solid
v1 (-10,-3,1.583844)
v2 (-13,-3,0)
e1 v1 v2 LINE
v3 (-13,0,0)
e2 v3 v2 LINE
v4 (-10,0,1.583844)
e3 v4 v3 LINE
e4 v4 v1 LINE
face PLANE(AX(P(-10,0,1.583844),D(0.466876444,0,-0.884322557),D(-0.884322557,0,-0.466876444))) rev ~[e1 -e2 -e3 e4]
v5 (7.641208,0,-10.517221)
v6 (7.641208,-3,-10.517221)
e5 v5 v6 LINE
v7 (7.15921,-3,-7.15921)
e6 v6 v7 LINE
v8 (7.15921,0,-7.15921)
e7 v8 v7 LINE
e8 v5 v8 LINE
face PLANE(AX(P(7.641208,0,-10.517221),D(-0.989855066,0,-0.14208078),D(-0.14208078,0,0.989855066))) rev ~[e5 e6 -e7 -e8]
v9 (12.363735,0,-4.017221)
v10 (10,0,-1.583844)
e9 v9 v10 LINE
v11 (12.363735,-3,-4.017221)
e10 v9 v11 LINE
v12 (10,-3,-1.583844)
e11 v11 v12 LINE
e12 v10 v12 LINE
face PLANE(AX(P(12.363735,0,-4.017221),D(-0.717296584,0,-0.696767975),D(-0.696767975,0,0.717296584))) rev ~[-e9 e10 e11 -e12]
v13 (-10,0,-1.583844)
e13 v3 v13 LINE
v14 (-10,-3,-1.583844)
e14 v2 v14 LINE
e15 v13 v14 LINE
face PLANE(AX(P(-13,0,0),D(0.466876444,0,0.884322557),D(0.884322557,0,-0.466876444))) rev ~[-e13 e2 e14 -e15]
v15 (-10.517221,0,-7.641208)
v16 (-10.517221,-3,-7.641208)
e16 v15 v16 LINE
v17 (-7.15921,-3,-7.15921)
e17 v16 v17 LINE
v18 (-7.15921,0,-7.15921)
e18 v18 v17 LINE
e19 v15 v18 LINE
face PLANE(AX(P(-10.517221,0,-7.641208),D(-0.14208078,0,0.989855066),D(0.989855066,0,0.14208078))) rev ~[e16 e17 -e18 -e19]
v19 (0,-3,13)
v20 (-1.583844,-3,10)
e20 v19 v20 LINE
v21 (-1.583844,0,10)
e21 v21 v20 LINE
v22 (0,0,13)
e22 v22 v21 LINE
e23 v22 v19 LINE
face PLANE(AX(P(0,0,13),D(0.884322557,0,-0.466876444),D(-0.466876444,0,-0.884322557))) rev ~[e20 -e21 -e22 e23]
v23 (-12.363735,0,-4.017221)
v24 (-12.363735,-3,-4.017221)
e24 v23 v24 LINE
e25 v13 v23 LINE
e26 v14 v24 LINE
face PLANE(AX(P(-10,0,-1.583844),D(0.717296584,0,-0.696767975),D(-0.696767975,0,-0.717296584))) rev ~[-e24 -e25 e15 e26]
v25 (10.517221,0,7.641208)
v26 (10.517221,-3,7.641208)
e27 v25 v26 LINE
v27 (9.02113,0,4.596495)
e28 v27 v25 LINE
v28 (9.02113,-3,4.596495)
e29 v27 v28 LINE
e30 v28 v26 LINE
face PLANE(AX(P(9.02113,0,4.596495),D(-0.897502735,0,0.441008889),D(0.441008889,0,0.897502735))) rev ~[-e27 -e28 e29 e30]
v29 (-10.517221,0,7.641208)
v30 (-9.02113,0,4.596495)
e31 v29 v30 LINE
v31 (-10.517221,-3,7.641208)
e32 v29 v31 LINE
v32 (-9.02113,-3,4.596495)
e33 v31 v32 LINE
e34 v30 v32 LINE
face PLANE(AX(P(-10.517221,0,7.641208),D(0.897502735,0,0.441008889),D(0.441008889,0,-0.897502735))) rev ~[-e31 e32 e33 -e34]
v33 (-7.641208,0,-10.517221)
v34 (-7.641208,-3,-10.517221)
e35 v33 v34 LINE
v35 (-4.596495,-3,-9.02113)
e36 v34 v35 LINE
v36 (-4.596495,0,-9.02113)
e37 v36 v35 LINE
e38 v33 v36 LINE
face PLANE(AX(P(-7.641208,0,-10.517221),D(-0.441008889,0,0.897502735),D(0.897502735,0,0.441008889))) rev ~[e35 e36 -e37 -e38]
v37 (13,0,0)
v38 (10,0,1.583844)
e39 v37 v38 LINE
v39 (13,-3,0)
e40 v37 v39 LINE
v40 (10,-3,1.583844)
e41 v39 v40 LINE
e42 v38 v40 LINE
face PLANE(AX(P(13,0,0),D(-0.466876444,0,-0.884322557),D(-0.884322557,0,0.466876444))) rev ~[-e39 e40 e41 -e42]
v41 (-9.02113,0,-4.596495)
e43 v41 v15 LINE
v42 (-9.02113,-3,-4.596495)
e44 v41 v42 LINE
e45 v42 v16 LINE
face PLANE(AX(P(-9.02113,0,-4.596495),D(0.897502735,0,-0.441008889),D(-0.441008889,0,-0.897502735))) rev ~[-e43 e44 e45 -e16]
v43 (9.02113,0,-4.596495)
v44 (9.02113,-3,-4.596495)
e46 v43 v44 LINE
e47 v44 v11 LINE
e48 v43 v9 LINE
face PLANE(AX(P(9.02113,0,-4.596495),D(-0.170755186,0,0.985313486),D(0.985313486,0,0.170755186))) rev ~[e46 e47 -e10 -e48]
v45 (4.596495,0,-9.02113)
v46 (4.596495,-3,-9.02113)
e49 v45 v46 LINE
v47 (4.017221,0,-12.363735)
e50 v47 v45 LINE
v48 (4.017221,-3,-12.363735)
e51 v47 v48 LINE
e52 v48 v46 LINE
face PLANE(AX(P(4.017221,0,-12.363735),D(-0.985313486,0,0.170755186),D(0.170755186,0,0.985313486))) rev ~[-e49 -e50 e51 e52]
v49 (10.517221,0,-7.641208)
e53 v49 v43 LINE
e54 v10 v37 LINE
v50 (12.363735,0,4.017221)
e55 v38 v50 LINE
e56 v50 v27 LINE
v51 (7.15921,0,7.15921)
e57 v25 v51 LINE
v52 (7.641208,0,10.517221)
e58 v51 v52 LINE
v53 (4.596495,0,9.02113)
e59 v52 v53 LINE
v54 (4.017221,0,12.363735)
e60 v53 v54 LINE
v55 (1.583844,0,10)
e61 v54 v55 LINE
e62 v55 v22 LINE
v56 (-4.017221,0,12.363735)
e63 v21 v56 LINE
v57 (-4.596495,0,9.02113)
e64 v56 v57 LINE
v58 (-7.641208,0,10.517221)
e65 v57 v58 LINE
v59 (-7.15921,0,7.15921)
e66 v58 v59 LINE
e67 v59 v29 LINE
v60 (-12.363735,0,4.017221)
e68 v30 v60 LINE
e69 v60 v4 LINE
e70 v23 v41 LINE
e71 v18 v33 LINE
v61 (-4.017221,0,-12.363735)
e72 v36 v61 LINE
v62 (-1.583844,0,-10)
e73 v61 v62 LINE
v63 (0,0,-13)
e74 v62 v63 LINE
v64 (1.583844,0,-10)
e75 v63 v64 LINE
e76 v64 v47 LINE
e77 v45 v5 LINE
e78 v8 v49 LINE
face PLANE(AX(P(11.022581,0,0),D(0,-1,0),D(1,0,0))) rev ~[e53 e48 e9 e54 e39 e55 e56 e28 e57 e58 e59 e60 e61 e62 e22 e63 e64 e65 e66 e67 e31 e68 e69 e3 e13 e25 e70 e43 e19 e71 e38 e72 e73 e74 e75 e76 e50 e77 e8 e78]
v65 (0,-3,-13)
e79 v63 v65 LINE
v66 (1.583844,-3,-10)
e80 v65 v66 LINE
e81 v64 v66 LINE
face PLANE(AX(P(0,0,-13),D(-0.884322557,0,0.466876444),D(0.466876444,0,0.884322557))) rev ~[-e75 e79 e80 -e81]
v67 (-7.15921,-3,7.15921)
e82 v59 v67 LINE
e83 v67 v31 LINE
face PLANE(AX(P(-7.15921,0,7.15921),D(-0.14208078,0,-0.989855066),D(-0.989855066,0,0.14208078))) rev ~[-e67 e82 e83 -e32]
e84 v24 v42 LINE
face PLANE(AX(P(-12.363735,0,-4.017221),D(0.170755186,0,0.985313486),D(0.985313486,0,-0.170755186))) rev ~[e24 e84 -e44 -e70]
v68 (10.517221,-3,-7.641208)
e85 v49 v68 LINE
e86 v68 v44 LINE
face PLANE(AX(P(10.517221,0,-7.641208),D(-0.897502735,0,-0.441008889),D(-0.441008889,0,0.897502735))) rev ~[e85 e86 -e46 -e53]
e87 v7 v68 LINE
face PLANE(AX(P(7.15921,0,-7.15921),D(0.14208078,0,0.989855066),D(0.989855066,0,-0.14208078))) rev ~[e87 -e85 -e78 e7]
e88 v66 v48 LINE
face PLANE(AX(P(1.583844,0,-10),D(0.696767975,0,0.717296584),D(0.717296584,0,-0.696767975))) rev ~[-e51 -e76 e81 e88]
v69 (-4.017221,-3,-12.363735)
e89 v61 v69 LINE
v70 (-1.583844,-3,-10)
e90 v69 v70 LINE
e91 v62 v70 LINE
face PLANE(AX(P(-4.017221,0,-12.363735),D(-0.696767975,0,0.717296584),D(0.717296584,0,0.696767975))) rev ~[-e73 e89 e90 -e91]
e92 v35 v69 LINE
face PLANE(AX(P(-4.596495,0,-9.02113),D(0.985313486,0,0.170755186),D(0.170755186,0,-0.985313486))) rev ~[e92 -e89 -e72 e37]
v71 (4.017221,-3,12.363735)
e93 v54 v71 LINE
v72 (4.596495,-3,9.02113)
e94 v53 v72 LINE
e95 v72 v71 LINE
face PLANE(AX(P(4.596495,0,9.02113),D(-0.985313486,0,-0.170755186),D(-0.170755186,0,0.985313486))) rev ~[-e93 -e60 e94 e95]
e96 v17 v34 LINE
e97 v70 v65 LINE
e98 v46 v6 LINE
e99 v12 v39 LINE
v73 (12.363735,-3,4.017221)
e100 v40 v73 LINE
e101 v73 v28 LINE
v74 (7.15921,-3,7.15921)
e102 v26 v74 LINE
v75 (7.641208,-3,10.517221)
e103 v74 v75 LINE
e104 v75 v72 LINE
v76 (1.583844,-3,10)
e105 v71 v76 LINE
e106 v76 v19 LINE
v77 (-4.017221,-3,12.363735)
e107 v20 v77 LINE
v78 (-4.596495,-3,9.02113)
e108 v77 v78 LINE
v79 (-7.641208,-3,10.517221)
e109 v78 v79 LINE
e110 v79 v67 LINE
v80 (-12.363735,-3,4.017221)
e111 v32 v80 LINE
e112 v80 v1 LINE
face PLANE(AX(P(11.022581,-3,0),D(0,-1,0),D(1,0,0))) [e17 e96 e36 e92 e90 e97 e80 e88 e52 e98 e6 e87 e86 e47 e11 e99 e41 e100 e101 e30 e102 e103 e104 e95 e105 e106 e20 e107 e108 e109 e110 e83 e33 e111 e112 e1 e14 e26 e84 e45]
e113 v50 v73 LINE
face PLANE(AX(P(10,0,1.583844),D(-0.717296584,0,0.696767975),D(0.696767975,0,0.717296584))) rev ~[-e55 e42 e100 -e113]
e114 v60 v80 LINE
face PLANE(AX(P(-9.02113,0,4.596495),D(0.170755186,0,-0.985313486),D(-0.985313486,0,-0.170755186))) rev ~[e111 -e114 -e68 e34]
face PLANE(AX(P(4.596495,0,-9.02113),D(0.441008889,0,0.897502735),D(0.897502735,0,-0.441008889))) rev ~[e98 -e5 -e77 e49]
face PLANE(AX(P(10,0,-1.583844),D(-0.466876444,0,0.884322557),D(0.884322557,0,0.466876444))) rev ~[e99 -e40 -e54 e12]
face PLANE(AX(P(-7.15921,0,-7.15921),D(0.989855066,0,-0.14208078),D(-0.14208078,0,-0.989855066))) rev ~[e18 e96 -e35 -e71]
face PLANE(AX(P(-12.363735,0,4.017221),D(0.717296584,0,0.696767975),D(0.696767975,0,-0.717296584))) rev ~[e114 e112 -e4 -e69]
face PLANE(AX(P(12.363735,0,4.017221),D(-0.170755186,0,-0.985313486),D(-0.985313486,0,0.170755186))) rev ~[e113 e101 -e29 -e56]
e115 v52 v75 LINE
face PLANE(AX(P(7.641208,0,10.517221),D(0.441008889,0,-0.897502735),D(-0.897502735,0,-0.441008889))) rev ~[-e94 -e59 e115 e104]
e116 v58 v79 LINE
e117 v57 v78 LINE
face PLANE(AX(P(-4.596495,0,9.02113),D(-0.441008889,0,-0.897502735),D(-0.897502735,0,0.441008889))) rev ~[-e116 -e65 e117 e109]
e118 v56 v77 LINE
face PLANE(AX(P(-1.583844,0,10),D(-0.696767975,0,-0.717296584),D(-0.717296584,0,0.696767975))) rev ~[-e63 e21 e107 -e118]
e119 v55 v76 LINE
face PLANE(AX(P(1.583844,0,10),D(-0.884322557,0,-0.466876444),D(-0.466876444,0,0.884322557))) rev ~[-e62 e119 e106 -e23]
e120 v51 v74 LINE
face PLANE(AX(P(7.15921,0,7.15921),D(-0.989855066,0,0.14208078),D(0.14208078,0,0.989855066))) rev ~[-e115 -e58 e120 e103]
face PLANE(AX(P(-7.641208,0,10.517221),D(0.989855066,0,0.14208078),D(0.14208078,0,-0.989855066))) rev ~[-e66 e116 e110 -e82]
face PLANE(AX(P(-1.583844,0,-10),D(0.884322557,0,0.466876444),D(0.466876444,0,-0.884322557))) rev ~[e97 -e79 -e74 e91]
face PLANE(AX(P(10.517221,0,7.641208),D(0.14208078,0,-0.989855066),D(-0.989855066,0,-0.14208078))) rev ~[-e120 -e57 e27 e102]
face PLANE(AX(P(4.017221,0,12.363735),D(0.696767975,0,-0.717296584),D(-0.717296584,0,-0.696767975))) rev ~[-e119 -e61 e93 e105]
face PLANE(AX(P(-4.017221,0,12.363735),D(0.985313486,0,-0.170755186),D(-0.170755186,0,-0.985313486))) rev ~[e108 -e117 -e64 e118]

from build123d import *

# Parameters (mm, degrees)
F1_DEPTH = 3


with BuildPart() as f1:
    # F0 (on Front) → F1 (new body)
    with BuildSketch(Plane.XZ):
        Polygon((13, 0), (10, 1.5838444032), (10, -1.5838444032), align=None)
        Polygon((10, -1.5838444032), (10, 1.5838444032), (9.0211303259, 4.5964954843), (7.1592095616, 7.1592095616), (4.5964954843, 9.0211303259), (1.5838444032, 10), (-1.5838444032, 10), (-4.5964954843, 9.0211303259), (-7.1592095616, 7.1592095616), (-9.0211303259, 4.5964954843), (-10, 1.5838444032), (-10, -1.5838444032), (-9.0211303259, -4.5964954843), (-7.1592095616, -7.1592095616), (-4.5964954843, -9.0211303259), (-1.5838444032, -10), (1.5838444032, -10), (4.5964954843, -9.0211303259), (7.1592095616, -7.1592095616), (9.0211303259, -4.5964954843), align=None)
        Polygon((9.0211303259, 4.5964954843), (10, 1.5838444032), (12.3637347118, 4.0172209269), align=None)
        Polygon((12.3637347118, -4.0172209269), (10, -1.5838444032), (9.0211303259, -4.5964954843), align=None)
        Polygon((7.1592095616, 7.1592095616), (9.0211303259, 4.5964954843), (10.5172209269, 7.6412082798), align=None)
        Polygon((10.5172209269, -7.6412082798), (9.0211303259, -4.5964954843), (7.1592095616, -7.1592095616), align=None)
        Polygon((4.5964954843, 9.0211303259), (7.1592095616, 7.1592095616), (7.6412082798, 10.5172209269), align=None)
        Polygon((7.6412082798, -10.5172209269), (7.1592095616, -7.1592095616), (4.5964954843, -9.0211303259), align=None)
        Polygon((1.5838444032, 10), (4.5964954843, 9.0211303259), (4.0172209269, 12.3637347118), align=None)
        Polygon((4.0172209269, -12.3637347118), (4.5964954843, -9.0211303259), (1.5838444032, -10), align=None)
        Polygon((-1.5838444032, 10), (1.5838444032, 10), (0, 13), align=None)
        Polygon((0, -13), (1.5838444032, -10), (-1.5838444032, -10), align=None)
        Polygon((-4.5964954843, 9.0211303259), (-1.5838444032, 10), (-4.0172209269, 12.3637347118), align=None)
        Polygon((-4.0172209269, -12.3637347118), (-1.5838444032, -10), (-4.5964954843, -9.0211303259), align=None)
        Polygon((-7.1592095616, 7.1592095616), (-4.5964954843, 9.0211303259), (-7.6412082798, 10.5172209269), align=None)
        Polygon((-7.6412082798, -10.5172209269), (-4.5964954843, -9.0211303259), (-7.1592095616, -7.1592095616), align=None)
        Polygon((-9.0211303259, 4.5964954843), (-7.1592095616, 7.1592095616), (-10.5172209269, 7.6412082798), align=None)
        Polygon((-10.5172209269, -7.6412082798), (-7.1592095616, -7.1592095616), (-9.0211303259, -4.5964954843), align=None)
        Polygon((-10, 1.5838444032), (-9.0211303259, 4.5964954843), (-12.3637347118, 4.0172209269), align=None)
        Polygon((-12.3637347118, -4.0172209269), (-9.0211303259, -4.5964954843), (-10, -1.5838444032), align=None)
        Polygon((-10, -1.5838444032), (-10, 1.5838444032), (-13, 0), align=None)
    extrude(amount=F1_DEPTH)


solid = f1.part
